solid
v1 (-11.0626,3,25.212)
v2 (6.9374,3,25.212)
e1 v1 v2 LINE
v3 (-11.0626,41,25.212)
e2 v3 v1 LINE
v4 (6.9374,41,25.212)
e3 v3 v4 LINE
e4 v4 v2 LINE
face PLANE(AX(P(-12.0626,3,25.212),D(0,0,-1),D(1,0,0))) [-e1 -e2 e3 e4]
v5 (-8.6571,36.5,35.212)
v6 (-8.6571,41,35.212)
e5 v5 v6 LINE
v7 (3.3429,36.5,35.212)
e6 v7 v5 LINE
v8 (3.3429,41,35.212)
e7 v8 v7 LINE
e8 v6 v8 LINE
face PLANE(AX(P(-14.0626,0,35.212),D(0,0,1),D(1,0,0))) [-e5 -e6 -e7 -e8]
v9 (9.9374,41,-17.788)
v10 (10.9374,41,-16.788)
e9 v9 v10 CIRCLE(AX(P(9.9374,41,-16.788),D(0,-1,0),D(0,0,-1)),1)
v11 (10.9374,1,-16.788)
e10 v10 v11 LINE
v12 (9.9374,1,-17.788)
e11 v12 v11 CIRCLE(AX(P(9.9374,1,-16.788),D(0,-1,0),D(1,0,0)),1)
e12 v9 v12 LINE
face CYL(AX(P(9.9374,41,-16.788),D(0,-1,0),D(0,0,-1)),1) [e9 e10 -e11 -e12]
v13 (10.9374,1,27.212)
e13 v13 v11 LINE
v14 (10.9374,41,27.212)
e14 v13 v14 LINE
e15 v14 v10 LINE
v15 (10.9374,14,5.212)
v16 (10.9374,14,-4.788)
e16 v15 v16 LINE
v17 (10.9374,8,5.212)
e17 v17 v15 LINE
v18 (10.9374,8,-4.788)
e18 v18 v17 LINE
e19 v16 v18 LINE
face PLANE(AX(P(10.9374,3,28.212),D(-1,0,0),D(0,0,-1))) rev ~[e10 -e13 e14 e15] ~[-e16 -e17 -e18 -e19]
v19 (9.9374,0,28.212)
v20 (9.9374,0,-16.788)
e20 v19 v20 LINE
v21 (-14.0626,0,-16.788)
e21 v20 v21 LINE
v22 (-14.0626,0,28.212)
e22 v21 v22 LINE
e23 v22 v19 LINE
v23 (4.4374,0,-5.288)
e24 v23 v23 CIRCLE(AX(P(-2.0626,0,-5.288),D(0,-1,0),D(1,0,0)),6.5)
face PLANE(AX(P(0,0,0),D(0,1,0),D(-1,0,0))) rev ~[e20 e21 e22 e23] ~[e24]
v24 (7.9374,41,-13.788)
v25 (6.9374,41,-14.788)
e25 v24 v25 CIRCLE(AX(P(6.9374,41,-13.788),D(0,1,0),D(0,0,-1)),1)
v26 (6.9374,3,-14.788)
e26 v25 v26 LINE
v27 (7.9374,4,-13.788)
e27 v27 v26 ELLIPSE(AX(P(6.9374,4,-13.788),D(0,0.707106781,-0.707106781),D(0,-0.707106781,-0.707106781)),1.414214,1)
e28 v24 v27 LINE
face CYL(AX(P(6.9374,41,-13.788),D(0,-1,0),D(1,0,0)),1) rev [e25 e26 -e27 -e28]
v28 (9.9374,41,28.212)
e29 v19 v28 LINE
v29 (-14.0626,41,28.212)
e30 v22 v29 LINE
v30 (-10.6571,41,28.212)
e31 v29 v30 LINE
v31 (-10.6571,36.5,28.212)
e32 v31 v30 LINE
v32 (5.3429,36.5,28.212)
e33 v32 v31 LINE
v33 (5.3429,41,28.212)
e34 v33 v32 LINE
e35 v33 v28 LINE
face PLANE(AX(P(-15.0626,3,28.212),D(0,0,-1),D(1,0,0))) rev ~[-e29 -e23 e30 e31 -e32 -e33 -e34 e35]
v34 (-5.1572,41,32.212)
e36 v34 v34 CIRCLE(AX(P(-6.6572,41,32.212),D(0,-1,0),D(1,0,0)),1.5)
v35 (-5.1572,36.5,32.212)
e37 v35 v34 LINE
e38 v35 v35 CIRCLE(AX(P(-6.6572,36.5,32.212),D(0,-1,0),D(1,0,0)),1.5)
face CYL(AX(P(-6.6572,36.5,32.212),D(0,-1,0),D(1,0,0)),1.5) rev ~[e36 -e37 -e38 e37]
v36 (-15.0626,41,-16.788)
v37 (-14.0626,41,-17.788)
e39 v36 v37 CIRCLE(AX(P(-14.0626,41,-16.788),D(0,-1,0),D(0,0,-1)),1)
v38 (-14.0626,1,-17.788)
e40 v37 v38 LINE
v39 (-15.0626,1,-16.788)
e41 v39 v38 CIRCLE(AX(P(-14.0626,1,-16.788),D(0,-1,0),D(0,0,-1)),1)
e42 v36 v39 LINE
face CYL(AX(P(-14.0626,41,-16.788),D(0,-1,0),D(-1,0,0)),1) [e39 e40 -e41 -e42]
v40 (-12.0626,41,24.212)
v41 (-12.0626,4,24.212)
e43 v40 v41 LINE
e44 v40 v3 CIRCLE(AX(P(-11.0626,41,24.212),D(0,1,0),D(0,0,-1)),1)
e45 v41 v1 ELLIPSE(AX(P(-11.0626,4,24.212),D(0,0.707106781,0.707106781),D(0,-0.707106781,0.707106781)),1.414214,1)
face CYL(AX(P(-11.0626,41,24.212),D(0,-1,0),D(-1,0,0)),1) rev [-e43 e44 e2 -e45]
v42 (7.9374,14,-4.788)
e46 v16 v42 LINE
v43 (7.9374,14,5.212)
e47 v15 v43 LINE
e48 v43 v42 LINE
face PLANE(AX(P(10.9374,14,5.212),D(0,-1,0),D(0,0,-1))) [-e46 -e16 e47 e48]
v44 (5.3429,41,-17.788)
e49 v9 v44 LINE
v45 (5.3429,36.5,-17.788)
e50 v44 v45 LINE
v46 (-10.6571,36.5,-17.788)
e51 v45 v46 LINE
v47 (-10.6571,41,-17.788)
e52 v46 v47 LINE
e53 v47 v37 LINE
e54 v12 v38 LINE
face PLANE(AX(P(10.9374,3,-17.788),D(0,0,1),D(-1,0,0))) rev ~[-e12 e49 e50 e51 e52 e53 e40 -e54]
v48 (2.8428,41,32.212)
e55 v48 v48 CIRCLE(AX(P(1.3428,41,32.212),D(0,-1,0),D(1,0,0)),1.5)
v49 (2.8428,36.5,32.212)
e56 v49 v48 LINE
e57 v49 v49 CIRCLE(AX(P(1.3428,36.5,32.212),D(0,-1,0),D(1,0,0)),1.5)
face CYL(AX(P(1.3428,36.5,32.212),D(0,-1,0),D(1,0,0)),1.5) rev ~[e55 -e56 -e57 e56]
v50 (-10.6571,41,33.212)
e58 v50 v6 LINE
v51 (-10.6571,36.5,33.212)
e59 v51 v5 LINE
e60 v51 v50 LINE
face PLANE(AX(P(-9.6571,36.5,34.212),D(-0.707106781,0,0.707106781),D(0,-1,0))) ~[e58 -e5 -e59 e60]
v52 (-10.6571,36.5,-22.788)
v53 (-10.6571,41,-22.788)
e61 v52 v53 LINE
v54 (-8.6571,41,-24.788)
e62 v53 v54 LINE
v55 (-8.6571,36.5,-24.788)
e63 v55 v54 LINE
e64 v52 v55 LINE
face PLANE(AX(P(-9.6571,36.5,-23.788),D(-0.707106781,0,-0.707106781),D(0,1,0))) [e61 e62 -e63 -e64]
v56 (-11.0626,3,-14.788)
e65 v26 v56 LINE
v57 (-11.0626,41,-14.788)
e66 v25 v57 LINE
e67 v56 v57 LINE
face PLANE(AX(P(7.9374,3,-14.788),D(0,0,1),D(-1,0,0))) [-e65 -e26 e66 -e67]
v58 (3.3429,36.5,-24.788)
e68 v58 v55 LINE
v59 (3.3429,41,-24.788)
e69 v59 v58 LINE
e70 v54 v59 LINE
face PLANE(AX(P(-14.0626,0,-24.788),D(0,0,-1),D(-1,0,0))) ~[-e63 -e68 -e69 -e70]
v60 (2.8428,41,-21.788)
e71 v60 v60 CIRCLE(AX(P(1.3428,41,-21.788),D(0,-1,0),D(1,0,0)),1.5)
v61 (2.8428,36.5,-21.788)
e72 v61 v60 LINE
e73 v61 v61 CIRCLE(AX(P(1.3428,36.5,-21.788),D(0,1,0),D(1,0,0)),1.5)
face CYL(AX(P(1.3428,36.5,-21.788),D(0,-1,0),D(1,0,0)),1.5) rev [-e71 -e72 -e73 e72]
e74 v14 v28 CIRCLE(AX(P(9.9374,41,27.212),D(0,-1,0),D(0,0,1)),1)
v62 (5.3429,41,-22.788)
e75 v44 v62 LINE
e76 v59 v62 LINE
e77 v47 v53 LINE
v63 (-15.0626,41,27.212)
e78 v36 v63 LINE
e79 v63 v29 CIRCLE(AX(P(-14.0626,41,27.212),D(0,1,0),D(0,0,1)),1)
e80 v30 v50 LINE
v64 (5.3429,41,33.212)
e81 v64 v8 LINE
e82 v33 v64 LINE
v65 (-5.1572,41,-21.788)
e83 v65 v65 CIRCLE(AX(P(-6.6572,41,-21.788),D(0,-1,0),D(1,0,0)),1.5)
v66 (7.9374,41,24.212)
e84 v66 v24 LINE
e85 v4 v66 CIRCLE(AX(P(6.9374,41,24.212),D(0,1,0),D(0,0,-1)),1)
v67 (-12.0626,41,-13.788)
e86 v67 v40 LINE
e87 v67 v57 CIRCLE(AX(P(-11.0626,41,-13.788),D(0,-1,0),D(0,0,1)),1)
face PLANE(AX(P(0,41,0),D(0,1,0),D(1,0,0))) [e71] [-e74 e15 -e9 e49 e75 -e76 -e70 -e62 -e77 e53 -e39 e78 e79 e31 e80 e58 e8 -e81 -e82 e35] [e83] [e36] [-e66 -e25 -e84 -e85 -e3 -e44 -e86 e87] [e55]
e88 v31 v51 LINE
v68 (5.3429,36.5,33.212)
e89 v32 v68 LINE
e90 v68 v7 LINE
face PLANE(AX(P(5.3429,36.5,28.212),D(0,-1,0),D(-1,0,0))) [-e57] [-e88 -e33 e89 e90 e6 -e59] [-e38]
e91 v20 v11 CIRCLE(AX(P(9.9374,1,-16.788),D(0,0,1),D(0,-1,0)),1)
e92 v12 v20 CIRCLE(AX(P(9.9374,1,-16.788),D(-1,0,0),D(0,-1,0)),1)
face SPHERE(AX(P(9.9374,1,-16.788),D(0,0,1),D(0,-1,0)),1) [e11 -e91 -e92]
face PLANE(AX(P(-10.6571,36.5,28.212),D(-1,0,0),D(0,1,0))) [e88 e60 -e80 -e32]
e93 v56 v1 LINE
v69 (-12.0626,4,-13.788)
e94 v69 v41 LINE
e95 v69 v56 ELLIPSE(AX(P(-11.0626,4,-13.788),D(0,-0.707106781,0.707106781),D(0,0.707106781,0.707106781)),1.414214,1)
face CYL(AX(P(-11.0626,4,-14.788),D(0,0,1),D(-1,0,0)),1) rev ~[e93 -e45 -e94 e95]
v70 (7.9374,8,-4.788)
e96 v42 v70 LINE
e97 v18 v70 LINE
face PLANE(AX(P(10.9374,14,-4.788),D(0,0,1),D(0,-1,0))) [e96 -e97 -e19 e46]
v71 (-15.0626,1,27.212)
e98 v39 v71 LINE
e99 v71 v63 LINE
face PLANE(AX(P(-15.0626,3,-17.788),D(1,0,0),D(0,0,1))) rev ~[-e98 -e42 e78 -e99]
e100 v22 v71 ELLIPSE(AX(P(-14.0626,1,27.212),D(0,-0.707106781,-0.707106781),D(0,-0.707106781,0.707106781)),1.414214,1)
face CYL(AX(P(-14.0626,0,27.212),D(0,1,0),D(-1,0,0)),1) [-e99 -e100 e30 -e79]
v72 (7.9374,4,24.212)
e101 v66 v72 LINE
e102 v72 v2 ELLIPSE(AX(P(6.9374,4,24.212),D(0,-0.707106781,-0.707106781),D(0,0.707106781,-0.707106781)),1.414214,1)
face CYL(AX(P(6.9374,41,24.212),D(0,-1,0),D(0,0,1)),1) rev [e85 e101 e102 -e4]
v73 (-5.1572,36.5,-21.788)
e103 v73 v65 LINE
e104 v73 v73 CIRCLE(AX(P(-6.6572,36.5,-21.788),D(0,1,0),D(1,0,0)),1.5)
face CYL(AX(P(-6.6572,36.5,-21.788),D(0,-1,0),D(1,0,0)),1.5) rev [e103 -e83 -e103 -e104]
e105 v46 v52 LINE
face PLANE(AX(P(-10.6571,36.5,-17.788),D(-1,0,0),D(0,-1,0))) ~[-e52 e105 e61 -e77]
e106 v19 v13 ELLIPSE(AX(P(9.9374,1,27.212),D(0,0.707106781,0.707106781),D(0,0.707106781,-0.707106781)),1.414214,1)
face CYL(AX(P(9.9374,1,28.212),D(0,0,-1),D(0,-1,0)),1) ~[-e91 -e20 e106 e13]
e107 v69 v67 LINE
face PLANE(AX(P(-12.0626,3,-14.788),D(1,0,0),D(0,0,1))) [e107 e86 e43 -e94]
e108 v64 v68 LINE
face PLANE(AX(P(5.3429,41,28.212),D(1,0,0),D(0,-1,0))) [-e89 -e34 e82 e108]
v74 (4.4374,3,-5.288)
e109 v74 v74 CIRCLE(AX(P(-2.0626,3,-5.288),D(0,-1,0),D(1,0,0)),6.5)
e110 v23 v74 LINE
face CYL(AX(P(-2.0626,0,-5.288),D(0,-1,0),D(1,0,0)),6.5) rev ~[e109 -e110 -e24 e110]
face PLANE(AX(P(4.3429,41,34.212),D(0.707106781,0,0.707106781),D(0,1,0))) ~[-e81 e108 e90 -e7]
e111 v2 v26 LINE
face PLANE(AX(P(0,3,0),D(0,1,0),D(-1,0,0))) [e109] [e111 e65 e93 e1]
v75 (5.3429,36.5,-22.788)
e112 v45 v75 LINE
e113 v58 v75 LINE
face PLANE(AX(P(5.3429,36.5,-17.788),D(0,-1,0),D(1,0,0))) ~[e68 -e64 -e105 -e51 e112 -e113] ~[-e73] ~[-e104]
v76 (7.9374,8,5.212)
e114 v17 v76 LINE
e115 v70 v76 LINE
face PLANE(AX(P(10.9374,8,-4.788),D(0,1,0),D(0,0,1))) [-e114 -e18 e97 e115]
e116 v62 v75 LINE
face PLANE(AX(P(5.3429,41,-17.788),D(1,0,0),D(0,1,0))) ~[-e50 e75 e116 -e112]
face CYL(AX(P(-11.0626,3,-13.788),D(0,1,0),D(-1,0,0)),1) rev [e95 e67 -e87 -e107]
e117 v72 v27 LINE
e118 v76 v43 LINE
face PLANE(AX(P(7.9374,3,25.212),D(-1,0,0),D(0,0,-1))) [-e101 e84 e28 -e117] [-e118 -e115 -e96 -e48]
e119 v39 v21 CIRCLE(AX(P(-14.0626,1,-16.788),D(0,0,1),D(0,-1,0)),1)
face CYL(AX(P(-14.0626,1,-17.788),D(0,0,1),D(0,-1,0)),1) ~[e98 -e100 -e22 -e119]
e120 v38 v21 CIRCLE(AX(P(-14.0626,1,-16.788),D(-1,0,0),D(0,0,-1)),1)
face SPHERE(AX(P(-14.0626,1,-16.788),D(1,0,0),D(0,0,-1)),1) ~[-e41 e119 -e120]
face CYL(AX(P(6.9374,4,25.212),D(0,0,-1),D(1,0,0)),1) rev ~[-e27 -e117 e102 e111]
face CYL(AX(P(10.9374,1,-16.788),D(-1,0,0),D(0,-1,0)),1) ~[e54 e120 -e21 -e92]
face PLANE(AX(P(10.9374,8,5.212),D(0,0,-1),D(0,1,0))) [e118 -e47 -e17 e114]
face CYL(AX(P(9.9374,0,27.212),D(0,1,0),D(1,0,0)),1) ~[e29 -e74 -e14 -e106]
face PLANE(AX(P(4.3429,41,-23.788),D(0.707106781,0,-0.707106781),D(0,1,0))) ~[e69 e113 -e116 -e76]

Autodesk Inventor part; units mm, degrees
ref_plane "YZ Plane" through (0, 0, 0) normal (1, 0, 0) x (0, 1, 0)
ref_plane "XZ Plane" through (0, 0, 0) normal (0, 1, 0) x (-1, 0, 0)
ref_plane "XY Plane" through (0, 0, 0) normal (0, 0, 1) x (1, 0, 0)
sketch "Sketch1" plane through (0, 0, 0) normal (0, 1, 0) x (-1, 0, 0)
  line L0 (12.0626, 25.212) -> (-7.9374, 25.212)
  line L1 (-7.9374, 25.212) -> (-7.9374, -14.788)
  line L2 (-7.9374, -14.788) -> (12.0626, -14.788)
  line L3 (12.0626, -14.788) -> (12.0626, 25.212)
  line L4 (12.0626, 25.212) -> (-7.9374, -14.788) construction
  line L5 (-7.9374, 25.212) -> (12.0626, -14.788) construction
  point P0 (0, 0)
  point P1 (2.0626, 5.212)
  dimension "d0" = 20
  dimension "d1" = 40
extrude "Extrusion1" add sketch "Sketch1" along normal blind 3
sketch "Sketch2" plane through (0, 3, 0) normal (0, 1, 0) x (1, 0, 0)
  line L0 (-15.0626, -28.212) -> (10.9374, -28.212)
  line L1 (10.9374, -28.212) -> (10.9374, 17.788)
  line L2 (10.9374, 17.788) -> (-15.0626, 17.788)
  line L3 (-15.0626, 17.788) -> (-15.0626, -28.212)
  line L4 (-15.0626, -28.212) -> (10.9374, 17.788) construction
  line L5 (10.9374, -28.212) -> (-15.0626, 17.788) construction
  line L6 (-12.0626, 14.788) -> (-12.0626, -25.212) projected
  line L7 (-12.0626, -25.212) -> (7.9374, -25.212) projected
  line L8 (7.9374, 14.788) -> (-12.0626, 14.788)
  line L9 (-12.0626, 14.788) -> (-12.0626, -25.212)
  line L10 (-12.0626, -25.212) -> (7.9374, -25.212)
  line L11 (7.9374, -25.212) -> (7.9374, 14.788)
  line L12 (7.9374, 14.788) -> (-12.0626, -25.212) construction
  line L13 (-12.0626, 14.788) -> (7.9374, -25.212) construction
  point P0 (0, 0)
  point P1 (-2.0626, -5.212)
  point P2 (7.9374, -25.212)
  dimension "d4" = 26
  dimension "d5" = 46
  dimension "d6" = 3
  dimension "d7" = 3
extrude "Extrusion2" add sketch "Sketch2" along normal blind 38 and the other way blind 3
fillet "Fillet1" radius 1 13 edges at (10.9374, 0, 5.212) (-2.0626, 0, -17.788) (10.9374, 20.5, -17.788) (-15.0626, 20.5, -17.788) (-15.0626, 0, 5.212) (10.9374, 20.5, 28.212) (-15.0626, 20.5, 28.212) (-12.0626, 22, -14.788) (-12.0626, 3, 5.212) (7.9374, 3, 5.212) (7.9374, 22, -14.788) (7.9374, 22, 25.212) (-12.0626, 22, 25.212)
sketch "Sketch8" plane through (10.9374, 1, 27.212) normal (1, 0, 0) x (0, 0, -1)
  line L0 (32, 7) -> (22, 7)
  line L1 (22, 7) -> (22, 13)
  line L2 (22, 13) -> (32, 13)
  line L3 (32, 13) -> (32, 7)
  line L4 (-1, -1) -> (44, -1) projected
  line L5 (45, 0) -> (45, 40) projected
  point P0 (27.212, -1)
  point P1 (27, 7)
  dimension "d25" = 10
  dimension "d26" = 6
  dimension "d27" = 8
  dimension "d28" = 13
extrude "Extrusion4" cut sketch "Sketch8" against normal blind 3
sketch "Sketch9" plane through (0, 0, 0) normal (0, -1, 0) x (1, 0, 0)
  circle A0 centre (-2.0626, -5.288) radius 6.5
  line L0 (-14.0626, -17.788) -> (9.9374, -17.788) projected
  line L1 (10.9374, -16.788) -> (10.9374, 27.212) projected
  point P0 (0, 0)
  dimension "d31" = 13
  dimension "d32" = 12.5
  dimension "d36" = 13
extrude "Extrusion5" cut sketch "Sketch9" against normal blind 3
sketch "Sketch11" plane through (-14.0626, 0, 28.212) normal (0, 0, 1) x (1, 0, 0)
  line L0 (19.4055, 36.5) -> (3.4055, 36.5)
  line L1 (3.4055, 36.5) -> (3.4055, 41)
  line L2 (3.4055, 41) -> (19.4055, 41)
  line L3 (19.4055, 41) -> (19.4055, 36.5)
  line L4 (0, 41) -> (24, 41) projected
  point P0 (14.0626, 0)
  point P1 (11.4055, 41)
  dimension "d37" = 16
  dimension "d38" = 4.5
  dimension "d39" = 0
extrude "Extrusion6" add sketch "Sketch11" along normal blind 7
chamfer "Chamfer1" distance 2 angle 45 2 edges at (-10.6572, 38.75, 35.212) (5.3428, 38.75, 35.212)
sketch "Sketch12" plane through (-10.6572, 36.5, 28.212) normal (0, -1, 0) x (1, 0, 0)
  point P0 (10.6572, -28.212)
sketch "Sketch13" plane through (-10.6572, 36.5, 28.212) normal (0, -1, 0) x (1, 0, 0)
  circle A0 centre (12, 4) radius 1.5
  circle A1 centre (4, 4) radius 1.5
  line L0 (16, 0) -> (16, 5) projected
  line L1 (2, 7) -> (14, 7) projected
  line L2 (0, 0) -> (0, 5) projected
  point P0 (10.6572, -28.212)
  dimension "d45" = 3
  dimension "d46" = 3
  dimension "d47" = 4
  dimension "d48" = 3
  dimension "d49" = 4
  dimension "d50" = 3
extrude "Extrusion7" cut sketch "Sketch13" against normal blind 7
ref_plane "Work Plane1" through (-14.0626, 0, 5.212) normal (0, 0, 1) x (1, 0, 0)
mirror "Mirror1" about plane through (-14.0626, 0, 5.212) normal (0, 0, 1) of "Extrusion6", "Extrusion7", "Chamfer1"
properties part number "servo_holder"
